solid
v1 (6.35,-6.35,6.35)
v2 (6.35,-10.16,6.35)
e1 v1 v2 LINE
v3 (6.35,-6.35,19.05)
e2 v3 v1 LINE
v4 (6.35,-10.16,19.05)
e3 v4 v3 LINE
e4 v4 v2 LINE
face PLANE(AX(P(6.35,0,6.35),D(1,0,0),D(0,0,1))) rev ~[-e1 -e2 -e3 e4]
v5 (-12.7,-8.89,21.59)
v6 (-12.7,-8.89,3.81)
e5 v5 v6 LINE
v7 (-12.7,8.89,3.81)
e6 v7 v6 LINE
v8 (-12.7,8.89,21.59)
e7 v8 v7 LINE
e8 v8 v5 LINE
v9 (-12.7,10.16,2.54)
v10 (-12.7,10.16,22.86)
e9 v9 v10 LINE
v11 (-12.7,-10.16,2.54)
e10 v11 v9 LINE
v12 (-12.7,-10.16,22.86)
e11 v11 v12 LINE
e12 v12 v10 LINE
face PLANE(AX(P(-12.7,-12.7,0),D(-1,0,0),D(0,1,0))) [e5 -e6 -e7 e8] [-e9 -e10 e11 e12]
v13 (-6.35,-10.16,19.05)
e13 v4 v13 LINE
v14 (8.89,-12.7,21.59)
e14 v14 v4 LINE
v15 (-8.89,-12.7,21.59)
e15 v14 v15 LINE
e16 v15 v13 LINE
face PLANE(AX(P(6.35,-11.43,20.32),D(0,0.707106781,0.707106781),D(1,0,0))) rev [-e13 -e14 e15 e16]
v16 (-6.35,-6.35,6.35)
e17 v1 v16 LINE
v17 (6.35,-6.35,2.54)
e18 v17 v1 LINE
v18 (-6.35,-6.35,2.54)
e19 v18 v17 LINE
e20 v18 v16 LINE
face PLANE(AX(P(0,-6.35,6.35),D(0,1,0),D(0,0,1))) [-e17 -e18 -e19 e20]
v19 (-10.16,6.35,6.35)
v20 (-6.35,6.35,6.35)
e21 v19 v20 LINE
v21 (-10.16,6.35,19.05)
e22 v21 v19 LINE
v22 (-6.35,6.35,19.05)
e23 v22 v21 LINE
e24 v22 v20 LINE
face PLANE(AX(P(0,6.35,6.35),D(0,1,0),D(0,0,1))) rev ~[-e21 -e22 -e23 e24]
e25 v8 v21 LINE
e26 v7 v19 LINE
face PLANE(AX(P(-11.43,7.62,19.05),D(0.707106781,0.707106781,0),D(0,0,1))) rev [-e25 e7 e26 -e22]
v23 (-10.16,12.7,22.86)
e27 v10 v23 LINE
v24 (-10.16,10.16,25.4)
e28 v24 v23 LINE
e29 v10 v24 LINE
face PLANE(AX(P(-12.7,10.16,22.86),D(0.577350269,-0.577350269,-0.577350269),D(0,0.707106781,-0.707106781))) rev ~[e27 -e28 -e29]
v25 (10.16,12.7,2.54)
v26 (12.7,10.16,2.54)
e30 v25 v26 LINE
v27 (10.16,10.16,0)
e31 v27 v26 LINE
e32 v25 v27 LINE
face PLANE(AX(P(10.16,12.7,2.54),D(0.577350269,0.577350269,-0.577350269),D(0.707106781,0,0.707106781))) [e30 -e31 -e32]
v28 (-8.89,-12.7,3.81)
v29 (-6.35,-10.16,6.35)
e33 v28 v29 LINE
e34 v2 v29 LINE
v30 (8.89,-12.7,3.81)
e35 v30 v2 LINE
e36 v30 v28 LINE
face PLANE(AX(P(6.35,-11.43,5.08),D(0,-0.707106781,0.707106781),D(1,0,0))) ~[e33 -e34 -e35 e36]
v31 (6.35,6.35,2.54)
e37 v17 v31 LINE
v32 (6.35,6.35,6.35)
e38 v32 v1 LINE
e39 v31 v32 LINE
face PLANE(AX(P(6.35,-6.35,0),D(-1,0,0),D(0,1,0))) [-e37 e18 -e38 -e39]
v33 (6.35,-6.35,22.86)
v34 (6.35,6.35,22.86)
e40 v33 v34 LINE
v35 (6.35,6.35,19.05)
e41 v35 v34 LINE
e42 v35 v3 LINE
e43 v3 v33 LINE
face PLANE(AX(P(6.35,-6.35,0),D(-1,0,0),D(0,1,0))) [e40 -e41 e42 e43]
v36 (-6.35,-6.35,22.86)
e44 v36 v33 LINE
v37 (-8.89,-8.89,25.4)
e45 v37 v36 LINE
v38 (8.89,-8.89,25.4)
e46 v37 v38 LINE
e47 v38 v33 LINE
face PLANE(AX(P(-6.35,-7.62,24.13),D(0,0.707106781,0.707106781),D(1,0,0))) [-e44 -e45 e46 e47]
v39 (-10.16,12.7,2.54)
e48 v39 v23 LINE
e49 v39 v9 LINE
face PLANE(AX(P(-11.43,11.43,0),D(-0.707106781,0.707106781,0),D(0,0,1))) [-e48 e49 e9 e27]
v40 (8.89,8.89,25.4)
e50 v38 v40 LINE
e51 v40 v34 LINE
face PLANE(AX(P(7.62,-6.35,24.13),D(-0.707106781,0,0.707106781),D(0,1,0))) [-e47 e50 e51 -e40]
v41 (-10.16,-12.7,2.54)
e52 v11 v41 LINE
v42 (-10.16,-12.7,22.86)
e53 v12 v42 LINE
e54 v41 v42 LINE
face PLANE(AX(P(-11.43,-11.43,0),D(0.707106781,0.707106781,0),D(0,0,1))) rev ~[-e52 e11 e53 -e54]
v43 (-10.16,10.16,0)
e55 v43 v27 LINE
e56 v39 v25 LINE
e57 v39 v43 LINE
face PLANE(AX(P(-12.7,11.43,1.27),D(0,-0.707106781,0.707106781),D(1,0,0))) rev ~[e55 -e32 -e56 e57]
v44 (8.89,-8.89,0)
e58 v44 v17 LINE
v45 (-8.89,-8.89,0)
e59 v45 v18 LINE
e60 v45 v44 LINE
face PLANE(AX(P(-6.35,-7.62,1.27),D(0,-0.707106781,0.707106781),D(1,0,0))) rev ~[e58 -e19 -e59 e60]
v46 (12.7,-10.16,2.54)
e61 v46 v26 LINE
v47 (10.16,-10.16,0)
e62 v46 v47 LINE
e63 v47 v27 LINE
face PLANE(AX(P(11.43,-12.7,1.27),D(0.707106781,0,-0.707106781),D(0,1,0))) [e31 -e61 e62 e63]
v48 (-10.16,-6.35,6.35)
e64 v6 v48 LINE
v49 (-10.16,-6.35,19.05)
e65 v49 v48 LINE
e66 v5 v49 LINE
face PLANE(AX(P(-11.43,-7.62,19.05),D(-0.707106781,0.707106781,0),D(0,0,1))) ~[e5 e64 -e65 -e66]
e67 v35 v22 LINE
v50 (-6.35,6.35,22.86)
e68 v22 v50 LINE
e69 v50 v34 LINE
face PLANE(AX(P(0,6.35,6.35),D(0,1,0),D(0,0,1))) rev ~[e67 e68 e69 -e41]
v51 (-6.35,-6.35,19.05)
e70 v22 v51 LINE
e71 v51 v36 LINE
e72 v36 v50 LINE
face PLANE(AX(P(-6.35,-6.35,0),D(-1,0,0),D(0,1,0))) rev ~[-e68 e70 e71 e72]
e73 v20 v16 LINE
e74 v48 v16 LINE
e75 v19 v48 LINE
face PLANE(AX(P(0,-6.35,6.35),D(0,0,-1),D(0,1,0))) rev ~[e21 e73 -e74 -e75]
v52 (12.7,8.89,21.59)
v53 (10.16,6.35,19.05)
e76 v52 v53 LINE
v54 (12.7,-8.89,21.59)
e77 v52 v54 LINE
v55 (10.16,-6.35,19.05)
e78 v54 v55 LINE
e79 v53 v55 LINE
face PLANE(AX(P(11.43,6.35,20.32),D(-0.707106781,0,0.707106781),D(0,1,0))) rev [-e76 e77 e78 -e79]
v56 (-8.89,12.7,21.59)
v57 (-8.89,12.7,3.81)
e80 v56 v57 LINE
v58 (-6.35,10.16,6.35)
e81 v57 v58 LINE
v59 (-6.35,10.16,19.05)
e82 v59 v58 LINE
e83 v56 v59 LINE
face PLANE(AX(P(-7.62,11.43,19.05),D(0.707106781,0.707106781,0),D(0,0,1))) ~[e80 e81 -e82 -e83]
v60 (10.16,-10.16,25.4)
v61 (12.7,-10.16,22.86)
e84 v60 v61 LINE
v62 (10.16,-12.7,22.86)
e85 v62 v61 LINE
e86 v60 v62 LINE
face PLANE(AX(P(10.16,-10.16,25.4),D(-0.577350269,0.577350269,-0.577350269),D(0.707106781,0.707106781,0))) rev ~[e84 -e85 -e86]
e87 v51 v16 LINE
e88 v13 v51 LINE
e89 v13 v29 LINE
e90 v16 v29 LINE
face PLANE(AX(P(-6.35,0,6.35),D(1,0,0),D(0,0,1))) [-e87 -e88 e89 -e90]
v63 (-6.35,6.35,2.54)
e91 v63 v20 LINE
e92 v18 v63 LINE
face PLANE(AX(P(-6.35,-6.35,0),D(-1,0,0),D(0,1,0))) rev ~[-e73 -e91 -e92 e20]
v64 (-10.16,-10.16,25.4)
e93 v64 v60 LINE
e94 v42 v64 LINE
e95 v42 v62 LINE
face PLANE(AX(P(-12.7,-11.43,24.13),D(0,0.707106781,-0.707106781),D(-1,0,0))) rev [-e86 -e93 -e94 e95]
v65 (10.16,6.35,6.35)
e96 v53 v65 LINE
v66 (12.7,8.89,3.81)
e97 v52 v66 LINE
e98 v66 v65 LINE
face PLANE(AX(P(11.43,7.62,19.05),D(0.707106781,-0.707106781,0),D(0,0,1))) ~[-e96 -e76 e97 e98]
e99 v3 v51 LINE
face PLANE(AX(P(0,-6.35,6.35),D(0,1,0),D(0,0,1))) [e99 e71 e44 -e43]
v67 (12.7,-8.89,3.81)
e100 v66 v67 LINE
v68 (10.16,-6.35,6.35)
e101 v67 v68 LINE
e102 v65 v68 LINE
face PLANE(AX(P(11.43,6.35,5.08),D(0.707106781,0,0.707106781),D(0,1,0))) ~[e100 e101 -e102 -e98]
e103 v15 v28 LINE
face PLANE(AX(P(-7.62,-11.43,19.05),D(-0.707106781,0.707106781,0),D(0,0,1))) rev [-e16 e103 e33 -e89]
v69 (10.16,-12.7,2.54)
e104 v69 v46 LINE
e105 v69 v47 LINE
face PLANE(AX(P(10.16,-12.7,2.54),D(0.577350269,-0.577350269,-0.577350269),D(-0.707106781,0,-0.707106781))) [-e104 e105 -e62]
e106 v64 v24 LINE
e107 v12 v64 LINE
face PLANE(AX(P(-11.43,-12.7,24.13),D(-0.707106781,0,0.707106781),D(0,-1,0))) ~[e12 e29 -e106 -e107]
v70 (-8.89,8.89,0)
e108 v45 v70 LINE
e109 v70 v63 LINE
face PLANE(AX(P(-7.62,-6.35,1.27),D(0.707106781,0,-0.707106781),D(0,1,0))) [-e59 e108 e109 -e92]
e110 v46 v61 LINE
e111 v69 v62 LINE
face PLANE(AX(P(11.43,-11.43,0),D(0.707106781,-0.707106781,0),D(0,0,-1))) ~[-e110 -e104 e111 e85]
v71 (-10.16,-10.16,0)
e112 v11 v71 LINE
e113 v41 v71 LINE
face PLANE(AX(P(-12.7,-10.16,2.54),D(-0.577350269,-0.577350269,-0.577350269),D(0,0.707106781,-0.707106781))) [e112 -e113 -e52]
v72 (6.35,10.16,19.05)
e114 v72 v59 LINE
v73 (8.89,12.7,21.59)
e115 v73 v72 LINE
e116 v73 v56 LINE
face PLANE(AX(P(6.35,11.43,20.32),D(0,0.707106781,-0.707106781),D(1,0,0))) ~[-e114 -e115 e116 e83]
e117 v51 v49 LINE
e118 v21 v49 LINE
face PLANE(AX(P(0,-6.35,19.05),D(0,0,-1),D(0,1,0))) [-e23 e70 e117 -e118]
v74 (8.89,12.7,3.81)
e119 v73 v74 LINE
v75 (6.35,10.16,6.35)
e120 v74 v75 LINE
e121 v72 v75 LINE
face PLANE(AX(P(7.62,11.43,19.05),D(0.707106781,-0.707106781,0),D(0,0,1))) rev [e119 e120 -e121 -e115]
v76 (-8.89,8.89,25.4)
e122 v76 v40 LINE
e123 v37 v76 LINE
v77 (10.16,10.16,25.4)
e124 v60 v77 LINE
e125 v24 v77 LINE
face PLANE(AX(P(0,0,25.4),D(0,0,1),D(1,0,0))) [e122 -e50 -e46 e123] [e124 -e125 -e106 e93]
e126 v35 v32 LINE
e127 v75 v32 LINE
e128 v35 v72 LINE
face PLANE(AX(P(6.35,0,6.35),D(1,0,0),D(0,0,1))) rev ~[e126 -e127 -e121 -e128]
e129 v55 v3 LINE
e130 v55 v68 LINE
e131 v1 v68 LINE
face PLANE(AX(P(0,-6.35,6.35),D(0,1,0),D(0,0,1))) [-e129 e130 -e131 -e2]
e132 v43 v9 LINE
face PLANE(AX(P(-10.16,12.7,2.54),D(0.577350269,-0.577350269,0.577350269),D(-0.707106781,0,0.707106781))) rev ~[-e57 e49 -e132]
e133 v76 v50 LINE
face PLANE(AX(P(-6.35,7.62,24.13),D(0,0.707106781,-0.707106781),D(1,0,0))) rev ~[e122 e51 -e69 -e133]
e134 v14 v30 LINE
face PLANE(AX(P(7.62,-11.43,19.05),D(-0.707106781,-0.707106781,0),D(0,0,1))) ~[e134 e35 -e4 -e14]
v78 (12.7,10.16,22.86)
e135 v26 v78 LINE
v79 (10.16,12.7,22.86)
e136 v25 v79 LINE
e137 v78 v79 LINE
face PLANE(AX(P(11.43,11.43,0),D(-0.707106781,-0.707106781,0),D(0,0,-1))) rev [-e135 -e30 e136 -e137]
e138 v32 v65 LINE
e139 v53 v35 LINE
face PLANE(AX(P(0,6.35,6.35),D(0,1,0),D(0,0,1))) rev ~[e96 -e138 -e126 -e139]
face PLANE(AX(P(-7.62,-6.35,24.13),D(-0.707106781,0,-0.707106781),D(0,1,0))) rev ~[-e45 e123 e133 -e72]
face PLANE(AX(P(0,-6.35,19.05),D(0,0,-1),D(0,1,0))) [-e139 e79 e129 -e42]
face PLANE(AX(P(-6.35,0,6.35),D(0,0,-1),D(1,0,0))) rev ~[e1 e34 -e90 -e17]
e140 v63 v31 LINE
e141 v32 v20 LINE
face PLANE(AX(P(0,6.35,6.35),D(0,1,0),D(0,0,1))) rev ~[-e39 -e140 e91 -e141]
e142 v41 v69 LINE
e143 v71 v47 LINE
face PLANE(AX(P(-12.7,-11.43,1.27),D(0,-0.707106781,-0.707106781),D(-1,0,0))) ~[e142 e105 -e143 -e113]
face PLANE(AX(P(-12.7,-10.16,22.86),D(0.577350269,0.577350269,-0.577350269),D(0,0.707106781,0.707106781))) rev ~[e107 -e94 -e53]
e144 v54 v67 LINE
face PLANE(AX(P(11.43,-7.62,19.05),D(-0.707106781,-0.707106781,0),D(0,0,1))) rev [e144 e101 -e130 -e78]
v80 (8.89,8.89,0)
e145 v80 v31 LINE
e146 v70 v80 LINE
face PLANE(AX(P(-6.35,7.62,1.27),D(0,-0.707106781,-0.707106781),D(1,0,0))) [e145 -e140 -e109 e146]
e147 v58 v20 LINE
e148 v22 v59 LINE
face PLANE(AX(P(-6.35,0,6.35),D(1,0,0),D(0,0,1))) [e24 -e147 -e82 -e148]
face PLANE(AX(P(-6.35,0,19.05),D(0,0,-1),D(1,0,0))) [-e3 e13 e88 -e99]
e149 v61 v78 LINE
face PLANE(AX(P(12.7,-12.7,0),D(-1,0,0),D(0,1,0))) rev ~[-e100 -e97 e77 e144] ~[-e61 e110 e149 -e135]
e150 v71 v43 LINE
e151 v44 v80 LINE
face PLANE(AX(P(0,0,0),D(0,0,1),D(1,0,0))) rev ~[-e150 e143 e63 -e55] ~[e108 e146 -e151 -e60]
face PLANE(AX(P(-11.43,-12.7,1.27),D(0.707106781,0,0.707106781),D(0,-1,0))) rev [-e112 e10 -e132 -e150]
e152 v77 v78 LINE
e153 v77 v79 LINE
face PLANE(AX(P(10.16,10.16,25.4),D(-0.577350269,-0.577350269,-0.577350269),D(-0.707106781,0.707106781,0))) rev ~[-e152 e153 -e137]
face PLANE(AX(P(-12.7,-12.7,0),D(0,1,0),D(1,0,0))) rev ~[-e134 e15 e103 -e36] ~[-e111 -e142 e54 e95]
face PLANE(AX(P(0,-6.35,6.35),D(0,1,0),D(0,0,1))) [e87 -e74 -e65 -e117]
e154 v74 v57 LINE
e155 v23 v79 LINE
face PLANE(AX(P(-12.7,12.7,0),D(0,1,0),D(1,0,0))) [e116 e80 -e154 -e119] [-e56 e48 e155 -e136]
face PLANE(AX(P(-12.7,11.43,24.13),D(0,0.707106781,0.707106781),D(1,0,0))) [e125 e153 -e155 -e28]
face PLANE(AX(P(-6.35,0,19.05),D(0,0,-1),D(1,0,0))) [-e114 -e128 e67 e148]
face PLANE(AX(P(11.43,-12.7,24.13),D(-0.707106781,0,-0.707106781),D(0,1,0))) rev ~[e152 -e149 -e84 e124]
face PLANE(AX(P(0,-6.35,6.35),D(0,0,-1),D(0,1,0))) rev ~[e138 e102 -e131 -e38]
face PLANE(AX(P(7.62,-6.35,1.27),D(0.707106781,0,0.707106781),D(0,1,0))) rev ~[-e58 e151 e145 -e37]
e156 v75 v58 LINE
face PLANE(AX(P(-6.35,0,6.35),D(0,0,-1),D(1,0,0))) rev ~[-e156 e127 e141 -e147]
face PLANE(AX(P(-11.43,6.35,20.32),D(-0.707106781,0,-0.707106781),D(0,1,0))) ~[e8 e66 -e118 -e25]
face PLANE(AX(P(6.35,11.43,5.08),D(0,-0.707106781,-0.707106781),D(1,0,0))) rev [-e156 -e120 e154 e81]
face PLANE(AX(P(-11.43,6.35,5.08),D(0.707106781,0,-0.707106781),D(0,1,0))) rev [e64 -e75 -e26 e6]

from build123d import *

# Parameters (mm, degrees)
F0_W     = 25.4
F0_H     = 25.4
F0_W_2   = 12.7
F0_H_2   = 12.7
F1_DEPTH = 25.4
F2_W     = 12.7
F2_H     = 12.7
F3_DEPTH = 43.942
F4_W     = 12.7
F4_H     = 12.7
F5_DEPTH = 39.116
F6_SIZE  = 2.54
F7_SIZE  = 2.54


with BuildPart() as f1:
    # F0 (on Top) → F1 (new body)
    with BuildSketch(Plane.XY):
        Rectangle(F0_W, F0_H)
        Rectangle(F0_W_2, F0_H_2, mode=Mode.SUBTRACT)
    extrude(amount=F1_DEPTH)

    # F2 (on Right) → F3 (cut, symmetric)
    with BuildSketch(Plane.YZ):
        with Locations((0, 12.7)):
            Rectangle(F2_W, F2_H)
    extrude(amount=F3_DEPTH, both=True, mode=Mode.SUBTRACT)

    # F4 (on Front) → F5 (cut, symmetric)
    with BuildSketch(Plane.XZ):
        with Locations((0, 12.7)):
            Rectangle(F4_W, F4_H)
    extrude(amount=F5_DEPTH, both=True, mode=Mode.SUBTRACT)

    # F6
    f6_edges = [f1.edges().sort_by_distance(p)[0] for p in [
        (0, -6.35, 0),
        (-6.35, 0, 0),
        (0, 6.35, 0),
        (6.35, 0, 0),
        (12.7, 6.35, 12.7),
        (12.7, 0, 19.05),
        (12.7, -6.35, 12.7),
        (12.7, 0, 6.35),
        (-12.7, -6.35, 12.7),
        (-12.7, 0, 19.05),
        (-12.7, 0, 6.35),
        (-12.7, 6.35, 12.7),
        (0, -6.35, 25.4),
        (-6.35, 0, 25.4),
        (0, 6.35, 25.4),
        (6.35, 0, 25.4),
        (6.35, 12.7, 12.7),
        (0, 12.7, 19.05),
        (0, 12.7, 6.35),
        (-6.35, 12.7, 12.7),
        (0, -12.7, 19.05),
        (6.35, -12.7, 12.7),
        (0, -12.7, 6.35),
        (-6.35, -12.7, 12.7),
    ]]
    chamfer(f6_edges, length=F6_SIZE)

    # F7
    f7_edges = [f1.edges().sort_by_distance(p)[0] for p in [
        (12.7, 0, 0),
        (12.7, -12.7, 12.7),
        (0, -12.7, 0),
        (0, -12.7, 25.4),
        (-12.7, -12.7, 12.7),
        (-12.7, 0, 0),
        (0, 12.7, 0),
        (12.7, 12.7, 12.7),
        (12.7, 0, 25.4),
        (0, 12.7, 25.4),
        (-12.7, 0, 25.4),
        (-12.7, 12.7, 12.7),
    ]]
    chamfer(f7_edges, length=F7_SIZE)


solid = f1.part
